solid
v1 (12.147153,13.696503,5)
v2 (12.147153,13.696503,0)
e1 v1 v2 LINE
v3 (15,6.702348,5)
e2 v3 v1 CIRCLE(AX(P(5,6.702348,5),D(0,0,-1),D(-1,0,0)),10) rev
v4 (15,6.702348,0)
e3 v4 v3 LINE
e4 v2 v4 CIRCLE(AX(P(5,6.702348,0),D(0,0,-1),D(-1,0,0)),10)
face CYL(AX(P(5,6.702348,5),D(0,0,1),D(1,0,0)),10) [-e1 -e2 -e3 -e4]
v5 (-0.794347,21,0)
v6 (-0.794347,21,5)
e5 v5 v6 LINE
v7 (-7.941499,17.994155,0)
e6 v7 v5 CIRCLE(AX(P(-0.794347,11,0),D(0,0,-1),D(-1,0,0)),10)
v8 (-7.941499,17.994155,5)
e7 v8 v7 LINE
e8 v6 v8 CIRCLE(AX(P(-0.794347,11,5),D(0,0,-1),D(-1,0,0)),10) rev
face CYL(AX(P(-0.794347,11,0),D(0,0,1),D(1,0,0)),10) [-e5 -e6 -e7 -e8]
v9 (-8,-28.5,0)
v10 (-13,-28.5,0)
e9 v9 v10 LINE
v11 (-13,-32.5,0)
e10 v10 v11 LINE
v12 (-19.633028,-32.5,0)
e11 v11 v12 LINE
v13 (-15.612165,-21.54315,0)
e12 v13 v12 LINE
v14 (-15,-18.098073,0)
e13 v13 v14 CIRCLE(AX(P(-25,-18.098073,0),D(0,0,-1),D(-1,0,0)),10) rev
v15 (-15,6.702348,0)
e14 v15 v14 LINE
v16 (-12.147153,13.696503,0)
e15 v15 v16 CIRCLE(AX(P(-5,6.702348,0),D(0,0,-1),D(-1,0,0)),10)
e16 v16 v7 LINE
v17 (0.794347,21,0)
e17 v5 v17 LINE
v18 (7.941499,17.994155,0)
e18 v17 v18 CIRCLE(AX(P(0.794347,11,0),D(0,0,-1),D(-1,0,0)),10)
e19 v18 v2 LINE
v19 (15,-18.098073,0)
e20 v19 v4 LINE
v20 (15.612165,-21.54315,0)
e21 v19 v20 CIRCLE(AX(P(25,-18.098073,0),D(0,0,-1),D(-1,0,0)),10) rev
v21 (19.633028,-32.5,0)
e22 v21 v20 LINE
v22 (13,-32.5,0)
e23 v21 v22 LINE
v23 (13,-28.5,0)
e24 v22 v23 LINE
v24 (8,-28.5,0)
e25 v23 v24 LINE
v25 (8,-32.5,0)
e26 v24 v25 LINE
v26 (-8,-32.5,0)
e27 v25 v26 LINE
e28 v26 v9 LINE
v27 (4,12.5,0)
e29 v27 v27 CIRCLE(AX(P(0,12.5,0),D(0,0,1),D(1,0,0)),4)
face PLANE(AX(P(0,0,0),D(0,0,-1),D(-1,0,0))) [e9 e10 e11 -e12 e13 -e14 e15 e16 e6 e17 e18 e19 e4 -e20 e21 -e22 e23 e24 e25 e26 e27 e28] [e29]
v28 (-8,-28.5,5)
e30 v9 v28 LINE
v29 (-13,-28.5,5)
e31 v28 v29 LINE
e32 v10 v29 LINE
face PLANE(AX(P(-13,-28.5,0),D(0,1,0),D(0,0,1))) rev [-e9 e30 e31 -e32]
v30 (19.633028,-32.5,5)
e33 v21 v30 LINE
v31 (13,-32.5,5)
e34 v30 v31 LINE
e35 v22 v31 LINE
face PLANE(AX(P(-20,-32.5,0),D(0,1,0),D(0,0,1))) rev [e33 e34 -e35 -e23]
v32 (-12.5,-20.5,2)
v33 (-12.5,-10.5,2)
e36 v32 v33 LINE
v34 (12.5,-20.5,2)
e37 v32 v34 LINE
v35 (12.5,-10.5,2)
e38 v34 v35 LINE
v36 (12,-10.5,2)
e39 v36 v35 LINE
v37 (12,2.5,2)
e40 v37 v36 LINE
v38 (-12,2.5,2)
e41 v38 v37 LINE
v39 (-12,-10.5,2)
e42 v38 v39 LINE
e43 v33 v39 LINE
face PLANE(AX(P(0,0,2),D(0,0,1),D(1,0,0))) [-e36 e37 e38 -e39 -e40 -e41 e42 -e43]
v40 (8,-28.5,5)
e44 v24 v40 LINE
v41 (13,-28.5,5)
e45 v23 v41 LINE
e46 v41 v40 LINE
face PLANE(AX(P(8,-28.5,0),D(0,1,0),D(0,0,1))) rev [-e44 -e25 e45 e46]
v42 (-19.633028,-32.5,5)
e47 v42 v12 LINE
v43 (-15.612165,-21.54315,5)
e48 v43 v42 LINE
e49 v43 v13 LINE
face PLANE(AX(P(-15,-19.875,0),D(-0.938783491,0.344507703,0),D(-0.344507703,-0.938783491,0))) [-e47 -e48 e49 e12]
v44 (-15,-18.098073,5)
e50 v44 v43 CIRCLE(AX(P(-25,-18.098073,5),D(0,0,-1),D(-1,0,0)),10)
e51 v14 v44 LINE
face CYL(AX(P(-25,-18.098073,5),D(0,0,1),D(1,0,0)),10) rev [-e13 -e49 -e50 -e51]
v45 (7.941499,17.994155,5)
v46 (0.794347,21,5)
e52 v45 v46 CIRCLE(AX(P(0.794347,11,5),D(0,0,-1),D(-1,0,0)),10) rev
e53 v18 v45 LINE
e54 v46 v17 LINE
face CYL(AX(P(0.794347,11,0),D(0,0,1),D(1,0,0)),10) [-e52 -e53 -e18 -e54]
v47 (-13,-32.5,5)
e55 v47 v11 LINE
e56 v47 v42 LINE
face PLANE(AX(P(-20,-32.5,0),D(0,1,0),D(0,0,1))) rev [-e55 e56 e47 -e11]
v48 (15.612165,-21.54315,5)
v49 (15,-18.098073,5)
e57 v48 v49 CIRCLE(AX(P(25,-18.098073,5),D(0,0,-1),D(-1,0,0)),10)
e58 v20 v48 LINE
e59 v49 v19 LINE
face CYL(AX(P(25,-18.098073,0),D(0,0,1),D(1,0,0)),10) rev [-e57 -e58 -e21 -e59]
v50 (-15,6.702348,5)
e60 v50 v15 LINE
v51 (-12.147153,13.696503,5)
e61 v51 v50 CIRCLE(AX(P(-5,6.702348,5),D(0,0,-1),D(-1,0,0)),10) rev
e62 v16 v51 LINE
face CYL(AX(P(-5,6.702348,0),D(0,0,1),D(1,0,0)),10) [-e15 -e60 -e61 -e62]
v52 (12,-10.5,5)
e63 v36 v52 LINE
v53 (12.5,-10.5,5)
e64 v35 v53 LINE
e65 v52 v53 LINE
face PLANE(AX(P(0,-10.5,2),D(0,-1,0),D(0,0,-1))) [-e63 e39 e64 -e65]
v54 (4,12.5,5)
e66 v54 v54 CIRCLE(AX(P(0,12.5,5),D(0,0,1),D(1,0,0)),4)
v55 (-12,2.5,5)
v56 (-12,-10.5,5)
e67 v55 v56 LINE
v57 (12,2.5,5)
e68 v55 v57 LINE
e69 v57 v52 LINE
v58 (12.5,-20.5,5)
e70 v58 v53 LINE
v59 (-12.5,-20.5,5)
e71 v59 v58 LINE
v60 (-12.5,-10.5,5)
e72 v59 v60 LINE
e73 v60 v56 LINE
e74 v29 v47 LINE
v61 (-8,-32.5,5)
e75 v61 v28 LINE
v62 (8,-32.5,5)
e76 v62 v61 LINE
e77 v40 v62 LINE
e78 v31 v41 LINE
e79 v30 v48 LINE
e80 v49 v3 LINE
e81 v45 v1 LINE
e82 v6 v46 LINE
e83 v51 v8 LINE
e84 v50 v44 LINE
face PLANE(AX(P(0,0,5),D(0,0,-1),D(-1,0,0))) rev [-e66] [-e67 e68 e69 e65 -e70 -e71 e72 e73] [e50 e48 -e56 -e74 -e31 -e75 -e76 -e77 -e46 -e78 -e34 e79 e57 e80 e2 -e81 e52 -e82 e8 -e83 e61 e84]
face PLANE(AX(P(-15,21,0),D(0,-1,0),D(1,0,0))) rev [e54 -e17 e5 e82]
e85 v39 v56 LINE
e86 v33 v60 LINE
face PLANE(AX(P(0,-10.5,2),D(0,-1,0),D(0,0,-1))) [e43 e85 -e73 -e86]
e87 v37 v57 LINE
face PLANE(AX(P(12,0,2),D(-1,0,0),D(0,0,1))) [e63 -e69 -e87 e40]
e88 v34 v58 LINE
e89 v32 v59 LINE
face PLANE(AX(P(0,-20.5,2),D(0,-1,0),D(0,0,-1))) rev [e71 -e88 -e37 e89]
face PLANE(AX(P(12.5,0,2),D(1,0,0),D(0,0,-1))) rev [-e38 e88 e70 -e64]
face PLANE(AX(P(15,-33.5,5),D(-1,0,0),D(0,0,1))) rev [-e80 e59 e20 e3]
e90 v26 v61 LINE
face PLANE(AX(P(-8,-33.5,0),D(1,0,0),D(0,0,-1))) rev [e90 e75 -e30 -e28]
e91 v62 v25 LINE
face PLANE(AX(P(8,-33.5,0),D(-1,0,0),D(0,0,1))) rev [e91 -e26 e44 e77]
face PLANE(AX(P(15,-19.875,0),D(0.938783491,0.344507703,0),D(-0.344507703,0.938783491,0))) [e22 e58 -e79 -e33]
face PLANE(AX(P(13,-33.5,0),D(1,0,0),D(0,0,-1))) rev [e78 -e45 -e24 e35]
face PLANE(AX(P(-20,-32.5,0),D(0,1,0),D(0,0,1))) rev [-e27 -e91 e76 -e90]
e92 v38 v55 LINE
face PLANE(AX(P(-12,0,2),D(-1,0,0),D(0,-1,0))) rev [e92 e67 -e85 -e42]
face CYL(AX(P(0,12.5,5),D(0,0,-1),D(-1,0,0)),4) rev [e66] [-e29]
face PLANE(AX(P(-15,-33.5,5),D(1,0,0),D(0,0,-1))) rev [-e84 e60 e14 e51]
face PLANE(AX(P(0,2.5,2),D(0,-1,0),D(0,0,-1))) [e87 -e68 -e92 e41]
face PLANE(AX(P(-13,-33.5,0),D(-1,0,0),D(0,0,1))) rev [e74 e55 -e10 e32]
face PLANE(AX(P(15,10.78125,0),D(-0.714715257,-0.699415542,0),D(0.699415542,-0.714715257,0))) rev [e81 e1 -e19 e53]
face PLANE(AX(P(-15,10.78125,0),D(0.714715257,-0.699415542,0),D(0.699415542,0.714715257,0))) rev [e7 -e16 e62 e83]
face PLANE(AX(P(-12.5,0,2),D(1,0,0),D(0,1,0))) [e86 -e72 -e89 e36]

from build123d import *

# Parameters (mm, degrees)
ESQUISSE1_W             = 30
ESQUISSE1_H             = 67
ESQUISSE1_R             = 4
BOSS_EXTRU_1_DEPTH      = 5
ESQUISSE2_W             = 30
ESQUISSE2_H             = 12.5
ENL_V_MAT_EXTRU_1_DEPTH = 5
ESQUISSE3_W             = 5
ESQUISSE3_H             = 5
ENL_V_MAT_EXTRU_2_DEPTH = 38.043892884
BOSS_EXTRU_2_DEPTH      = 5
ENL_V_MAT_EXTRU_3_DEPTH = 40.33509883
ESQUISSE8_W             = 41.113396405
ESQUISSE8_H             = 1
ENL_V_MAT_EXTRU_4_DEPTH = 40.33509883
CONG_1_R                = 10
CONG_2_R                = 10
ESQUISSE9_W             = 24
ESQUISSE9_H             = 13
ENL_V_MAT_EXTRU_5_DEPTH = 3


with BuildPart() as part:
    # Esquisse1 → Boss.-Extru.1 (new body)
    with BuildSketch(Plane.XY):
        Rectangle(ESQUISSE1_W, ESQUISSE1_H)
        with Locations((0, 12.5)):
            Circle(ESQUISSE1_R, mode=Mode.SUBTRACT)
    extrude(amount=BOSS_EXTRU_1_DEPTH)

    # Esquisse2 → Enlèv. mat.-Extru.1 (cut)
    with BuildSketch(Plane.XY.offset(5)):
        with Locations((0, 27.25)):
            Rectangle(ESQUISSE2_W, ESQUISSE2_H)
    extrude(amount=-ENL_V_MAT_EXTRU_1_DEPTH, mode=Mode.SUBTRACT)

    # Esquisse3 → Enlèv. mat.-Extru.2 (cut, through all)
    with BuildSketch(Plane.XY.offset(5)):
        with Locations((-10.5, -31)):
            Rectangle(ESQUISSE3_W, ESQUISSE3_H)
        with Locations((10.5, -31)):
            Rectangle(ESQUISSE3_W, ESQUISSE3_H)
    extrude(amount=-ENL_V_MAT_EXTRU_2_DEPTH, mode=Mode.SUBTRACT)

    # Esquisse5 → Boss.-Extru.2 (add)
    with BuildSketch(Plane.XY.offset(5)):
        Polygon((-15, -19.875), (-20, -33.5), (-15, -33.5), align=None)
        Polygon((15, -19.875), (20, -33.5), (15, -33.5), align=None)
    extrude(amount=-BOSS_EXTRU_2_DEPTH)

    # Esquisse6 → Enlèv. mat.-Extru.3 (cut, through all)
    with BuildSketch(Plane.XY.offset(5)):
        Polygon((-15, 10.78125), (-5, 21), (-15, 21), align=None)
        Polygon((15, 10.78125), (5, 21), (15, 21), align=None)
    extrude(amount=-ENL_V_MAT_EXTRU_3_DEPTH, mode=Mode.SUBTRACT)

    # Esquisse8 → Enlèv. mat.-Extru.4 (cut, through all)
    with BuildSketch(Plane.XY.offset(5)):
        with Locations((0.556698202, -33)):
            Rectangle(ESQUISSE8_W, ESQUISSE8_H)
    extrude(amount=-ENL_V_MAT_EXTRU_4_DEPTH, mode=Mode.SUBTRACT)

    # Congé1
    cong_1_edges = [part.edges().sort_by_distance(p)[0] for p in [
        (-15, 10.78125, 2.5),
        (-5, 21, 2.5),
        (15, 10.78125, 2.5),
        (5, 21, 2.5),
    ]]
    fillet(cong_1_edges, radius=CONG_1_R)

    # Congé2
    cong_2_edges = [part.edges().sort_by_distance(p)[0] for p in [
        (-15, -19.875, 2.5),
        (15, -19.875, 2.5),
    ]]
    fillet(cong_2_edges, radius=CONG_2_R)

    # Esquisse9 → Enlèv. mat.-Extru.5 (cut)
    with BuildSketch(Plane.XY.offset(5)):
        with Locations((0, -4)):
            Rectangle(ESQUISSE9_W, ESQUISSE9_H)
        Polygon((12, -10.5), (-12, -10.5), (-12.5, -10.5), (-12.5, -20.5), (12.5, -20.5), (12.5, -10.5), align=None)
    extrude(amount=-ENL_V_MAT_EXTRU_5_DEPTH, mode=Mode.SUBTRACT)


solid = part.part
